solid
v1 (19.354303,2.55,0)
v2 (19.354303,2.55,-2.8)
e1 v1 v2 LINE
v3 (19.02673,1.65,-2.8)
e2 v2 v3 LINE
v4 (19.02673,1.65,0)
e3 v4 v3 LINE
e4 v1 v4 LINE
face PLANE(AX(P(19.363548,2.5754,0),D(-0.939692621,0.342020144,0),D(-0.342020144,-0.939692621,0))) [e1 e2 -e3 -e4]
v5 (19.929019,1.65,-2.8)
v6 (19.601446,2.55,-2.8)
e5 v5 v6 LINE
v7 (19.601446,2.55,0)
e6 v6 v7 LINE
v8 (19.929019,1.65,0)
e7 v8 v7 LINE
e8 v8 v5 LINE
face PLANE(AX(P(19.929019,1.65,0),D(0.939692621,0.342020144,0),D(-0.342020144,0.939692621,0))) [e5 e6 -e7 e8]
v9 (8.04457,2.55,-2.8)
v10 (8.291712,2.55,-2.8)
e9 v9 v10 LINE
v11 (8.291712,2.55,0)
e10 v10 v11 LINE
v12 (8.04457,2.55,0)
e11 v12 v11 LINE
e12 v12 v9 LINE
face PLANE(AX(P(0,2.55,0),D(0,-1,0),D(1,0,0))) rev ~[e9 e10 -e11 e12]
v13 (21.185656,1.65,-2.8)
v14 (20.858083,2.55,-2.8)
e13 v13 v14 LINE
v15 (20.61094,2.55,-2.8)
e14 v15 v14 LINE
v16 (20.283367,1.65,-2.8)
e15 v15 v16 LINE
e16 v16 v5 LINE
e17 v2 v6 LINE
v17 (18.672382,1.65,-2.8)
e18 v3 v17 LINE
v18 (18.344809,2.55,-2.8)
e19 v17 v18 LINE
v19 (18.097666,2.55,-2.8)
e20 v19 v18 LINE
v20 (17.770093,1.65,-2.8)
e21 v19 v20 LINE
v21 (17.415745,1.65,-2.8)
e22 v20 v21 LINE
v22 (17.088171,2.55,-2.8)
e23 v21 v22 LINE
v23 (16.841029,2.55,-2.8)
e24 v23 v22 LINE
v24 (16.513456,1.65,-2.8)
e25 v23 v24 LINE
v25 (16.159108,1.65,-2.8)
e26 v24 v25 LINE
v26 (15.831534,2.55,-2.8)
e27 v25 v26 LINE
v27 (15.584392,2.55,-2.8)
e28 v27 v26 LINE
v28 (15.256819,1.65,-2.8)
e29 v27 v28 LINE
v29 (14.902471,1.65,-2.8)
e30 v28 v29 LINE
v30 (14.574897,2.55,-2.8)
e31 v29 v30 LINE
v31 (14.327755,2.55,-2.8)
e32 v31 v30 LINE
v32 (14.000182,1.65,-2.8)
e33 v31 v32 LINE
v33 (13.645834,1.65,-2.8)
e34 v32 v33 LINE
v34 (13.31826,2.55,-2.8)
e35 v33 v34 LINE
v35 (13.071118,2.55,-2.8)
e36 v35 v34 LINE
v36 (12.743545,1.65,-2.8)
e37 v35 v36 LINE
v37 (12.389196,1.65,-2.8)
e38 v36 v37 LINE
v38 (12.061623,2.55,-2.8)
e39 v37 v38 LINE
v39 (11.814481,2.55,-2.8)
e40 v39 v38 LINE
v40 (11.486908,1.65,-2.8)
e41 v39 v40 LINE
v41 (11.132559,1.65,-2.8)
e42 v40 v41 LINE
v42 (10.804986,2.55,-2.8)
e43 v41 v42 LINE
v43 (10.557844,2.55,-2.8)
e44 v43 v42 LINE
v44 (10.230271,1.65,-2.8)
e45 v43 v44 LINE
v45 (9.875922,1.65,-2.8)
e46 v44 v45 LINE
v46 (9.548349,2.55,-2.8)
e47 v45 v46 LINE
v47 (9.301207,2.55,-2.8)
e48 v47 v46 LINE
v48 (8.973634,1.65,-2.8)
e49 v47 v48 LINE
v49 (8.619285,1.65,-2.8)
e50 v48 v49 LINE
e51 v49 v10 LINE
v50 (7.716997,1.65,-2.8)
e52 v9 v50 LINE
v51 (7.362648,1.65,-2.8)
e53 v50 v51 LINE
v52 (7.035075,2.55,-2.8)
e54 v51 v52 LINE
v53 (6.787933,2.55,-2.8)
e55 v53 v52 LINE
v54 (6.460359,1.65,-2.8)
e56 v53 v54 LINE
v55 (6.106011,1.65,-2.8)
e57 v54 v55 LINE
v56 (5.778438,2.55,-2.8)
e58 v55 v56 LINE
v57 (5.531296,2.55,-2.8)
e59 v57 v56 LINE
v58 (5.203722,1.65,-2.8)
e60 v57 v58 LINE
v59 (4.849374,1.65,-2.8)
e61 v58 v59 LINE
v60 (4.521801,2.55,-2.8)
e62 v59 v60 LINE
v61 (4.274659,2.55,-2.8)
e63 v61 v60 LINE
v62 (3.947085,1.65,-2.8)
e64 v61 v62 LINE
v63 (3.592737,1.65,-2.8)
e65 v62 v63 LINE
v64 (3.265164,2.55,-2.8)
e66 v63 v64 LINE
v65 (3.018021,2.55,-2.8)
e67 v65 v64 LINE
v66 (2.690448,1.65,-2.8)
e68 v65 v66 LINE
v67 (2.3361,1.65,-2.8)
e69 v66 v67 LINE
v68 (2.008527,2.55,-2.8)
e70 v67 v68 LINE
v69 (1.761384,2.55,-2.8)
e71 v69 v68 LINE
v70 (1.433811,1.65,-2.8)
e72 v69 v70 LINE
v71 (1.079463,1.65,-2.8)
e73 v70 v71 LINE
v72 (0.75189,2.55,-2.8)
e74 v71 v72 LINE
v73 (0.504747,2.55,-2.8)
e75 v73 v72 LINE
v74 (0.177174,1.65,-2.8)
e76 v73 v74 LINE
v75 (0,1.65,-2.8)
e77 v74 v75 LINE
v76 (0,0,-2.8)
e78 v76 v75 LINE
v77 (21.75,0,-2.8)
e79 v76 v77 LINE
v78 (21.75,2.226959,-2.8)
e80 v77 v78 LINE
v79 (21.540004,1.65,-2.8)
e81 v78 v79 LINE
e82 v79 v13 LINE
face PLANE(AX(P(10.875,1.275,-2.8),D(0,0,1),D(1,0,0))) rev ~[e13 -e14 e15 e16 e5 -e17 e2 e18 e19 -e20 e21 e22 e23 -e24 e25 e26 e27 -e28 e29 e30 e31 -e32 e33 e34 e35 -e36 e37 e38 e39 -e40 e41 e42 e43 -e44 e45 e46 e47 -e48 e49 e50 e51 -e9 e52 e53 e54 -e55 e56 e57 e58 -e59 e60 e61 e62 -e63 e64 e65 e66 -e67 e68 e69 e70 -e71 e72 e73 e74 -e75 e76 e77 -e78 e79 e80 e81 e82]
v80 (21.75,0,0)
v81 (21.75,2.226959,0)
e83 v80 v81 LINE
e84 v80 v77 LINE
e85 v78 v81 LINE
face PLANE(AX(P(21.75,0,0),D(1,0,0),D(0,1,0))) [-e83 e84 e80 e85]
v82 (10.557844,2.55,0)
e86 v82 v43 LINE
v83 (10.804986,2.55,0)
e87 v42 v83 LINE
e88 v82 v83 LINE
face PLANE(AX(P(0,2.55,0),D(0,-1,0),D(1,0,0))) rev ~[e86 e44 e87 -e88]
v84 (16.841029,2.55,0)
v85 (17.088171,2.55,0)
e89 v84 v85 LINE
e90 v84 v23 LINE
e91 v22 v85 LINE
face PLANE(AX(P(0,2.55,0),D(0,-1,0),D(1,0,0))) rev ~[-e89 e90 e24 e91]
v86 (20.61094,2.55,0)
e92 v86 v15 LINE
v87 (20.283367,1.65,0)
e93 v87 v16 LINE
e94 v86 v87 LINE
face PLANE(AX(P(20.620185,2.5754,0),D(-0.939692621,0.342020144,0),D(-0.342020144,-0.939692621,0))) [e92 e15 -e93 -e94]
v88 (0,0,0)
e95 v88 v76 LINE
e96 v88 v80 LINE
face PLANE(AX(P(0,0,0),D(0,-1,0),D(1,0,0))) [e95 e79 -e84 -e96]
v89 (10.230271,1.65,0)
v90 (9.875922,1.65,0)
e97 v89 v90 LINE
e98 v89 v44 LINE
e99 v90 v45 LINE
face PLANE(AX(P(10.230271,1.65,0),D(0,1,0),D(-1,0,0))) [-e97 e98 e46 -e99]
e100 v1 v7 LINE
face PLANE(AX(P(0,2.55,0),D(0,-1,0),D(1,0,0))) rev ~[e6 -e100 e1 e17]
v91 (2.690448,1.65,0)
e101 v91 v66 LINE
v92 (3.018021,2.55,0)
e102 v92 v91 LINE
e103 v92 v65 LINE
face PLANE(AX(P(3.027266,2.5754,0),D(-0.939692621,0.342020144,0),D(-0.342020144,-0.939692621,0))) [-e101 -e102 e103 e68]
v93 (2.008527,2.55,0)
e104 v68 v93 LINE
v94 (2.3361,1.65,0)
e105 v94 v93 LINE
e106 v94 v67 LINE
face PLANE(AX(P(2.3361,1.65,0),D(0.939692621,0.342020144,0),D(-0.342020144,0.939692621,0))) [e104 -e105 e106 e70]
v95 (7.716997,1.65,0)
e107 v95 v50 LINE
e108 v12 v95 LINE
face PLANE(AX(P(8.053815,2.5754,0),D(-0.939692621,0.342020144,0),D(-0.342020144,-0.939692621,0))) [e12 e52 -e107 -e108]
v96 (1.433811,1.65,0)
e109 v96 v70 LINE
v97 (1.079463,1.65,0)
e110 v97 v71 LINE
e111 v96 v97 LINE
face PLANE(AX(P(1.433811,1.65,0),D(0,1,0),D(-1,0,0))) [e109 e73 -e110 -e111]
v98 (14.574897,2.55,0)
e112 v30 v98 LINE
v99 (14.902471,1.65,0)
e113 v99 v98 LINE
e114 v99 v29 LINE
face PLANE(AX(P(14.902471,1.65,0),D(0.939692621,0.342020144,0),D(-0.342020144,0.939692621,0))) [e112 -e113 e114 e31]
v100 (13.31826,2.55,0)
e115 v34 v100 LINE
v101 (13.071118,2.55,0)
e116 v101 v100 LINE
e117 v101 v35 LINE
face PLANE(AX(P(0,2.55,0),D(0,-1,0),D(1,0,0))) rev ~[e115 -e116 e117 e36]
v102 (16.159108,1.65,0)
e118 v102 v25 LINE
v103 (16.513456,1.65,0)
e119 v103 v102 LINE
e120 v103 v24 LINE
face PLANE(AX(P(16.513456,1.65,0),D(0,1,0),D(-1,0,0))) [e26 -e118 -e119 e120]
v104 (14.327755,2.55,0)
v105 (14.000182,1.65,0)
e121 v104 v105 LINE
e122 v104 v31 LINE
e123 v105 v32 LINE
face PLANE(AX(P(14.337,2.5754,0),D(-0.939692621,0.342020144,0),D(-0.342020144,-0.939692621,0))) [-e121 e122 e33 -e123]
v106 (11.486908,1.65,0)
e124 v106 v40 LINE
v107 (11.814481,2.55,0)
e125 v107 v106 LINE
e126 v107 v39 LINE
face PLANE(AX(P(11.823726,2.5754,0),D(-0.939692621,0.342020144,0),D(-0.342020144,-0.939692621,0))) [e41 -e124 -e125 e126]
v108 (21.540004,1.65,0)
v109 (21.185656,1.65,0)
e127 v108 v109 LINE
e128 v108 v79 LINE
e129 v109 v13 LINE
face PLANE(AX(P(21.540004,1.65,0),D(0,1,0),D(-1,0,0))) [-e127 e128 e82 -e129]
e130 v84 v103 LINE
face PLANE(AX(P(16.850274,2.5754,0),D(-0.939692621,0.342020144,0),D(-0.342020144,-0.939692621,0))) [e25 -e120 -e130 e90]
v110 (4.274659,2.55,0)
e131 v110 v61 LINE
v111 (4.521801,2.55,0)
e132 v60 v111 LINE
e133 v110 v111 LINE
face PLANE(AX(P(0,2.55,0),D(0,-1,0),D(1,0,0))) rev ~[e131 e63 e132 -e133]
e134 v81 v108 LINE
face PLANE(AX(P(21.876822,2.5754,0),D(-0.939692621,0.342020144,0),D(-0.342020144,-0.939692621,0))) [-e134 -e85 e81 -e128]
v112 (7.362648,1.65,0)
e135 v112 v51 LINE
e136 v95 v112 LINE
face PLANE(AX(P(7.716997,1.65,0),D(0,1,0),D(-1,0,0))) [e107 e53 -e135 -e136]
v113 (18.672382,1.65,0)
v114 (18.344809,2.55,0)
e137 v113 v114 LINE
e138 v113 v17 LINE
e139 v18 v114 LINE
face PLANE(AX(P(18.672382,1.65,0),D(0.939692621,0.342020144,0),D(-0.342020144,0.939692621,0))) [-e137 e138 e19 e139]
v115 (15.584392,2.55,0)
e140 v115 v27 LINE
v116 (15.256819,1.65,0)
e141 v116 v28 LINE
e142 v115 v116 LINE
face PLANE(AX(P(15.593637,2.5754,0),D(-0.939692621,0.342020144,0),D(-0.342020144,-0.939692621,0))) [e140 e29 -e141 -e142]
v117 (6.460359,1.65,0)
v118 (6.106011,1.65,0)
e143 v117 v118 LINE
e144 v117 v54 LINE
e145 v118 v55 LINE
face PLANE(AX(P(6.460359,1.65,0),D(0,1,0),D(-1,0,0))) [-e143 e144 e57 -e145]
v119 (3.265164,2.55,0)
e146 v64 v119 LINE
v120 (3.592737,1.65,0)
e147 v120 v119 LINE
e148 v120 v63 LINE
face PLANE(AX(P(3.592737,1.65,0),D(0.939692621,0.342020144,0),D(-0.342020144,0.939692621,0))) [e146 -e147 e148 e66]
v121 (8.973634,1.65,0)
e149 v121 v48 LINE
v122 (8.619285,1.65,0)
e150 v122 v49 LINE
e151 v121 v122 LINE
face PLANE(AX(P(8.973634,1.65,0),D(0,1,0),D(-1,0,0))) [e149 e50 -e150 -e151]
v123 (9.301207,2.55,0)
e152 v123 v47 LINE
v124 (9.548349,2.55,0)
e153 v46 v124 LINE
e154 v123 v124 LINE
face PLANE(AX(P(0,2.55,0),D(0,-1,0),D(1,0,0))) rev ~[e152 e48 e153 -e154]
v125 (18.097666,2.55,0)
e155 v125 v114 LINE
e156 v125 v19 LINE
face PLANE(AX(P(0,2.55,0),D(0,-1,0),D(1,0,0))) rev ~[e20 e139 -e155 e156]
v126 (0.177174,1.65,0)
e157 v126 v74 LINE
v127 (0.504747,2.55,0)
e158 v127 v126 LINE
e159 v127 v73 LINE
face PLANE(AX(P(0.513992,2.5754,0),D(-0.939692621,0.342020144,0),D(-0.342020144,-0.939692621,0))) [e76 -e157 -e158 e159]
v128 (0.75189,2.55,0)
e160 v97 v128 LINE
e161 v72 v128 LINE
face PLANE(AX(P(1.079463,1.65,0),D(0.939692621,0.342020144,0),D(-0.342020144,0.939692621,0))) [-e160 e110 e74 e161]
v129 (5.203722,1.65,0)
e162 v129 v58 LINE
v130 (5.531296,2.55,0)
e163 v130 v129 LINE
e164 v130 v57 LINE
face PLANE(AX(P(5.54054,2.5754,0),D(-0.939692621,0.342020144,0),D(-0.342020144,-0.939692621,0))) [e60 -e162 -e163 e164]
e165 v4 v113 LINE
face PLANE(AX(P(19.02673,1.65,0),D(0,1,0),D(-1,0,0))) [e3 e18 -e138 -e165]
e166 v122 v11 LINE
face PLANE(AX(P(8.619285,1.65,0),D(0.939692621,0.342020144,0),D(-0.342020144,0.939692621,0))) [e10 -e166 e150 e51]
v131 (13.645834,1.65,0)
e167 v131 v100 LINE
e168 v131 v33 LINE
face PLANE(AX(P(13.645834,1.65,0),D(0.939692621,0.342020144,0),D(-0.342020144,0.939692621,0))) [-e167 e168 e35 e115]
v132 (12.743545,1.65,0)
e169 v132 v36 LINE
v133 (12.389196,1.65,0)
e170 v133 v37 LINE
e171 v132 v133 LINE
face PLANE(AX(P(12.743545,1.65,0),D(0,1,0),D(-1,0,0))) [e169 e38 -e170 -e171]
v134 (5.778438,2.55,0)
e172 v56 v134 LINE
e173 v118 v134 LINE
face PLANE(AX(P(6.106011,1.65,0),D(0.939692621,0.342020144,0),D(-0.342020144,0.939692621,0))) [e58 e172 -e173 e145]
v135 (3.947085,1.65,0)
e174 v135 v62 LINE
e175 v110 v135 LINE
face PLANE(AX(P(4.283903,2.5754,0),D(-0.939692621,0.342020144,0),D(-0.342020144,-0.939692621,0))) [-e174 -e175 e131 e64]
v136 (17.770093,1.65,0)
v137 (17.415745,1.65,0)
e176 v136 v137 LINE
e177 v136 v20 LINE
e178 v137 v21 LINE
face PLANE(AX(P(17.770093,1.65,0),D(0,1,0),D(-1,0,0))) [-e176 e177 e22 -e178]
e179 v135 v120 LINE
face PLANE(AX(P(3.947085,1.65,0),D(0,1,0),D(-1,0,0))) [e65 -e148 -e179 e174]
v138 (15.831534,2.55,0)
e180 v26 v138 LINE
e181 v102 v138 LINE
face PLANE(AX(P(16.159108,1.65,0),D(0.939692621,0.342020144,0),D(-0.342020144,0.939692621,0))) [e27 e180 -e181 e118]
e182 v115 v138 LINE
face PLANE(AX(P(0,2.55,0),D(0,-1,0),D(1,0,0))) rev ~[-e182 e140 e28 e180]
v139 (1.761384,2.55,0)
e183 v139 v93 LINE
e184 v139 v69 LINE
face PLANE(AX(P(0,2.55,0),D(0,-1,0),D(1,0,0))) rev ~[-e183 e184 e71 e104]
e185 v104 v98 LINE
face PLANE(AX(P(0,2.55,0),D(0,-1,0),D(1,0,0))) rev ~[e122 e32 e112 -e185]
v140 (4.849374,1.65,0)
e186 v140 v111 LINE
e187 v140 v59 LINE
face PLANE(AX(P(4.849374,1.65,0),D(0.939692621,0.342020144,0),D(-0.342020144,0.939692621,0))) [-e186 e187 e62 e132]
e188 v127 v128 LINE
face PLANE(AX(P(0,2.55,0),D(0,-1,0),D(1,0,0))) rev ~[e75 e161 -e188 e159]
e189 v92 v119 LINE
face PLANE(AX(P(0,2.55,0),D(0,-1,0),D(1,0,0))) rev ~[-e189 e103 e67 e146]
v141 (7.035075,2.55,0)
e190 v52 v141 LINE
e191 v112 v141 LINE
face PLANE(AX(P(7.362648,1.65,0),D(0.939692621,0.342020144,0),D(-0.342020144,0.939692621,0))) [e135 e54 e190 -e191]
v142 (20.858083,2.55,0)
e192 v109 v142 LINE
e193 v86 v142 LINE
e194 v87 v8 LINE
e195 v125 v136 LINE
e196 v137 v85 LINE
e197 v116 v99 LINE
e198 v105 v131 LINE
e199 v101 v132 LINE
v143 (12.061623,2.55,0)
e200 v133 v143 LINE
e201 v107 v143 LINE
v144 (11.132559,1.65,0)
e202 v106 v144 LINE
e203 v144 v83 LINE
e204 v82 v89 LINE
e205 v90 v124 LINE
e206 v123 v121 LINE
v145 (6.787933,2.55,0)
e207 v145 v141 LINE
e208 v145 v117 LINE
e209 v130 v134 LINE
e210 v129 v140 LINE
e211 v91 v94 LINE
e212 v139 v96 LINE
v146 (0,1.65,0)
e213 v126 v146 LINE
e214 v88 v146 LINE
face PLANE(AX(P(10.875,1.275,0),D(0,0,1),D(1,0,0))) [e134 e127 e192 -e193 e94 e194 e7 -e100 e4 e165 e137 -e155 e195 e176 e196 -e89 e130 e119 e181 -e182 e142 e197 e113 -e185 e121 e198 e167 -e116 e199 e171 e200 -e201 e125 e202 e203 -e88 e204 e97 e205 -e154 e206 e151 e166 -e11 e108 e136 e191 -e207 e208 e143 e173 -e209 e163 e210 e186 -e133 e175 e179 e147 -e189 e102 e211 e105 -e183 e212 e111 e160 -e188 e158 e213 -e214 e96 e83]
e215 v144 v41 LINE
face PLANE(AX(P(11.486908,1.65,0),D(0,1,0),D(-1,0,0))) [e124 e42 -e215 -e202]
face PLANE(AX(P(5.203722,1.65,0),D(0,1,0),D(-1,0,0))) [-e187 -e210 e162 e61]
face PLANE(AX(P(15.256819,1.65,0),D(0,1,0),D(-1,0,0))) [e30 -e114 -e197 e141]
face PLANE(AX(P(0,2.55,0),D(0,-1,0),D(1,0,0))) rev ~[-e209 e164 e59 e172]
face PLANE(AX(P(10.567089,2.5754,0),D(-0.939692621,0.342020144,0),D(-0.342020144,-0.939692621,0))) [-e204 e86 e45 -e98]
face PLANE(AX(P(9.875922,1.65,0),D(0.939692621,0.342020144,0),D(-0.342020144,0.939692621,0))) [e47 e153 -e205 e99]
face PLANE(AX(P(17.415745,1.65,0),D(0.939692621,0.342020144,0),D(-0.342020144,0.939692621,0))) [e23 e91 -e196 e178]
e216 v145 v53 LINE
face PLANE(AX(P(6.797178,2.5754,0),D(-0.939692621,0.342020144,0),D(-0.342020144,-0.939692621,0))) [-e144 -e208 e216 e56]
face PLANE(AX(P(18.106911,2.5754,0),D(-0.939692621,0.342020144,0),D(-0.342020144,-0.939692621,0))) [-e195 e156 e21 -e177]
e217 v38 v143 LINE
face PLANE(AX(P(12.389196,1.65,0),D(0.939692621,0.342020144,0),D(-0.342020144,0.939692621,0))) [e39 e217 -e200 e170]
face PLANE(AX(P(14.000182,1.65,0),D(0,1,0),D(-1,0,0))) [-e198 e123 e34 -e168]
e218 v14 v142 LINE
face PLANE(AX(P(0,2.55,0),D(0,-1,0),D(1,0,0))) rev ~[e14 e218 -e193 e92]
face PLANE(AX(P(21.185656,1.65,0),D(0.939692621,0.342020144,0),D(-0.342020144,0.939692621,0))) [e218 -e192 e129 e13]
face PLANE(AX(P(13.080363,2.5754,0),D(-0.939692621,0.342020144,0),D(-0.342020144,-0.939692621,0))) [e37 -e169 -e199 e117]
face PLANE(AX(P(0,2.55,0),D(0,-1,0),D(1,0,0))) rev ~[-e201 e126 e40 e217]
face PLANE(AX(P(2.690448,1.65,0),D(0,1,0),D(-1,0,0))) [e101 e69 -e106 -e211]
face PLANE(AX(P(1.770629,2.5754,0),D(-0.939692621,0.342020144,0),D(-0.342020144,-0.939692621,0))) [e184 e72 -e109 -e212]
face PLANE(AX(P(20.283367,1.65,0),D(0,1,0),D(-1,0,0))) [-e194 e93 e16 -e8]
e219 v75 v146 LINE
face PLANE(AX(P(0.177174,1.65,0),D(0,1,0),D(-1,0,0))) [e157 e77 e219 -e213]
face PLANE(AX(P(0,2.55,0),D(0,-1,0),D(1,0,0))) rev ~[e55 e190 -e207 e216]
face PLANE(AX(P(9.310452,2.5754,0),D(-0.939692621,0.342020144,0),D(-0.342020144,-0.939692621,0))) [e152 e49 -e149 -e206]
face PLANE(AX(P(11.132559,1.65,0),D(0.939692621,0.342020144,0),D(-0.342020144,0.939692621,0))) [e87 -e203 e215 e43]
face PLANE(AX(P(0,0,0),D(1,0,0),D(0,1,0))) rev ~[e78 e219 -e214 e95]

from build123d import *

# Parameters (mm, degrees)
BLANKSKE_W        = 21.75
BLANKSKE_H        = 2.55
BLANK_DEPTH       = 2.8
TOOTHCUTSIM_DEPTH = 23.077250735
TEETHCUTS_COUNT   = 18
TEETHCUTS_PITCH   = 1.25663706


with BuildPart() as part:
    # BlankSke → Blank (new body)
    with BuildSketch(Plane.XY):
        with Locations((10.875, 1.275)):
            Rectangle(BLANKSKE_W, BLANKSKE_H)
    extrude(amount=-BLANK_DEPTH)

    # TooCutSkeSim → ToothCutSim (cut, through all)
    with BuildSketch(Plane.XY):
        Polygon((0.177174148, 1.65), (-0.177174148, 1.65), (-0.513992203, 2.5754), (0.513992203, 2.5754), align=None)
    toothcutsim = extrude(amount=-TOOTHCUTSIM_DEPTH, mode=Mode.SUBTRACT)

    # TeethCuts: ToothCutSim ×18
    with Locations(*[(i * TEETHCUTS_PITCH, 0, 0) for i in range(1, TEETHCUTS_COUNT)]):
        add(toothcutsim, mode=Mode.SUBTRACT)


solid = part.part
